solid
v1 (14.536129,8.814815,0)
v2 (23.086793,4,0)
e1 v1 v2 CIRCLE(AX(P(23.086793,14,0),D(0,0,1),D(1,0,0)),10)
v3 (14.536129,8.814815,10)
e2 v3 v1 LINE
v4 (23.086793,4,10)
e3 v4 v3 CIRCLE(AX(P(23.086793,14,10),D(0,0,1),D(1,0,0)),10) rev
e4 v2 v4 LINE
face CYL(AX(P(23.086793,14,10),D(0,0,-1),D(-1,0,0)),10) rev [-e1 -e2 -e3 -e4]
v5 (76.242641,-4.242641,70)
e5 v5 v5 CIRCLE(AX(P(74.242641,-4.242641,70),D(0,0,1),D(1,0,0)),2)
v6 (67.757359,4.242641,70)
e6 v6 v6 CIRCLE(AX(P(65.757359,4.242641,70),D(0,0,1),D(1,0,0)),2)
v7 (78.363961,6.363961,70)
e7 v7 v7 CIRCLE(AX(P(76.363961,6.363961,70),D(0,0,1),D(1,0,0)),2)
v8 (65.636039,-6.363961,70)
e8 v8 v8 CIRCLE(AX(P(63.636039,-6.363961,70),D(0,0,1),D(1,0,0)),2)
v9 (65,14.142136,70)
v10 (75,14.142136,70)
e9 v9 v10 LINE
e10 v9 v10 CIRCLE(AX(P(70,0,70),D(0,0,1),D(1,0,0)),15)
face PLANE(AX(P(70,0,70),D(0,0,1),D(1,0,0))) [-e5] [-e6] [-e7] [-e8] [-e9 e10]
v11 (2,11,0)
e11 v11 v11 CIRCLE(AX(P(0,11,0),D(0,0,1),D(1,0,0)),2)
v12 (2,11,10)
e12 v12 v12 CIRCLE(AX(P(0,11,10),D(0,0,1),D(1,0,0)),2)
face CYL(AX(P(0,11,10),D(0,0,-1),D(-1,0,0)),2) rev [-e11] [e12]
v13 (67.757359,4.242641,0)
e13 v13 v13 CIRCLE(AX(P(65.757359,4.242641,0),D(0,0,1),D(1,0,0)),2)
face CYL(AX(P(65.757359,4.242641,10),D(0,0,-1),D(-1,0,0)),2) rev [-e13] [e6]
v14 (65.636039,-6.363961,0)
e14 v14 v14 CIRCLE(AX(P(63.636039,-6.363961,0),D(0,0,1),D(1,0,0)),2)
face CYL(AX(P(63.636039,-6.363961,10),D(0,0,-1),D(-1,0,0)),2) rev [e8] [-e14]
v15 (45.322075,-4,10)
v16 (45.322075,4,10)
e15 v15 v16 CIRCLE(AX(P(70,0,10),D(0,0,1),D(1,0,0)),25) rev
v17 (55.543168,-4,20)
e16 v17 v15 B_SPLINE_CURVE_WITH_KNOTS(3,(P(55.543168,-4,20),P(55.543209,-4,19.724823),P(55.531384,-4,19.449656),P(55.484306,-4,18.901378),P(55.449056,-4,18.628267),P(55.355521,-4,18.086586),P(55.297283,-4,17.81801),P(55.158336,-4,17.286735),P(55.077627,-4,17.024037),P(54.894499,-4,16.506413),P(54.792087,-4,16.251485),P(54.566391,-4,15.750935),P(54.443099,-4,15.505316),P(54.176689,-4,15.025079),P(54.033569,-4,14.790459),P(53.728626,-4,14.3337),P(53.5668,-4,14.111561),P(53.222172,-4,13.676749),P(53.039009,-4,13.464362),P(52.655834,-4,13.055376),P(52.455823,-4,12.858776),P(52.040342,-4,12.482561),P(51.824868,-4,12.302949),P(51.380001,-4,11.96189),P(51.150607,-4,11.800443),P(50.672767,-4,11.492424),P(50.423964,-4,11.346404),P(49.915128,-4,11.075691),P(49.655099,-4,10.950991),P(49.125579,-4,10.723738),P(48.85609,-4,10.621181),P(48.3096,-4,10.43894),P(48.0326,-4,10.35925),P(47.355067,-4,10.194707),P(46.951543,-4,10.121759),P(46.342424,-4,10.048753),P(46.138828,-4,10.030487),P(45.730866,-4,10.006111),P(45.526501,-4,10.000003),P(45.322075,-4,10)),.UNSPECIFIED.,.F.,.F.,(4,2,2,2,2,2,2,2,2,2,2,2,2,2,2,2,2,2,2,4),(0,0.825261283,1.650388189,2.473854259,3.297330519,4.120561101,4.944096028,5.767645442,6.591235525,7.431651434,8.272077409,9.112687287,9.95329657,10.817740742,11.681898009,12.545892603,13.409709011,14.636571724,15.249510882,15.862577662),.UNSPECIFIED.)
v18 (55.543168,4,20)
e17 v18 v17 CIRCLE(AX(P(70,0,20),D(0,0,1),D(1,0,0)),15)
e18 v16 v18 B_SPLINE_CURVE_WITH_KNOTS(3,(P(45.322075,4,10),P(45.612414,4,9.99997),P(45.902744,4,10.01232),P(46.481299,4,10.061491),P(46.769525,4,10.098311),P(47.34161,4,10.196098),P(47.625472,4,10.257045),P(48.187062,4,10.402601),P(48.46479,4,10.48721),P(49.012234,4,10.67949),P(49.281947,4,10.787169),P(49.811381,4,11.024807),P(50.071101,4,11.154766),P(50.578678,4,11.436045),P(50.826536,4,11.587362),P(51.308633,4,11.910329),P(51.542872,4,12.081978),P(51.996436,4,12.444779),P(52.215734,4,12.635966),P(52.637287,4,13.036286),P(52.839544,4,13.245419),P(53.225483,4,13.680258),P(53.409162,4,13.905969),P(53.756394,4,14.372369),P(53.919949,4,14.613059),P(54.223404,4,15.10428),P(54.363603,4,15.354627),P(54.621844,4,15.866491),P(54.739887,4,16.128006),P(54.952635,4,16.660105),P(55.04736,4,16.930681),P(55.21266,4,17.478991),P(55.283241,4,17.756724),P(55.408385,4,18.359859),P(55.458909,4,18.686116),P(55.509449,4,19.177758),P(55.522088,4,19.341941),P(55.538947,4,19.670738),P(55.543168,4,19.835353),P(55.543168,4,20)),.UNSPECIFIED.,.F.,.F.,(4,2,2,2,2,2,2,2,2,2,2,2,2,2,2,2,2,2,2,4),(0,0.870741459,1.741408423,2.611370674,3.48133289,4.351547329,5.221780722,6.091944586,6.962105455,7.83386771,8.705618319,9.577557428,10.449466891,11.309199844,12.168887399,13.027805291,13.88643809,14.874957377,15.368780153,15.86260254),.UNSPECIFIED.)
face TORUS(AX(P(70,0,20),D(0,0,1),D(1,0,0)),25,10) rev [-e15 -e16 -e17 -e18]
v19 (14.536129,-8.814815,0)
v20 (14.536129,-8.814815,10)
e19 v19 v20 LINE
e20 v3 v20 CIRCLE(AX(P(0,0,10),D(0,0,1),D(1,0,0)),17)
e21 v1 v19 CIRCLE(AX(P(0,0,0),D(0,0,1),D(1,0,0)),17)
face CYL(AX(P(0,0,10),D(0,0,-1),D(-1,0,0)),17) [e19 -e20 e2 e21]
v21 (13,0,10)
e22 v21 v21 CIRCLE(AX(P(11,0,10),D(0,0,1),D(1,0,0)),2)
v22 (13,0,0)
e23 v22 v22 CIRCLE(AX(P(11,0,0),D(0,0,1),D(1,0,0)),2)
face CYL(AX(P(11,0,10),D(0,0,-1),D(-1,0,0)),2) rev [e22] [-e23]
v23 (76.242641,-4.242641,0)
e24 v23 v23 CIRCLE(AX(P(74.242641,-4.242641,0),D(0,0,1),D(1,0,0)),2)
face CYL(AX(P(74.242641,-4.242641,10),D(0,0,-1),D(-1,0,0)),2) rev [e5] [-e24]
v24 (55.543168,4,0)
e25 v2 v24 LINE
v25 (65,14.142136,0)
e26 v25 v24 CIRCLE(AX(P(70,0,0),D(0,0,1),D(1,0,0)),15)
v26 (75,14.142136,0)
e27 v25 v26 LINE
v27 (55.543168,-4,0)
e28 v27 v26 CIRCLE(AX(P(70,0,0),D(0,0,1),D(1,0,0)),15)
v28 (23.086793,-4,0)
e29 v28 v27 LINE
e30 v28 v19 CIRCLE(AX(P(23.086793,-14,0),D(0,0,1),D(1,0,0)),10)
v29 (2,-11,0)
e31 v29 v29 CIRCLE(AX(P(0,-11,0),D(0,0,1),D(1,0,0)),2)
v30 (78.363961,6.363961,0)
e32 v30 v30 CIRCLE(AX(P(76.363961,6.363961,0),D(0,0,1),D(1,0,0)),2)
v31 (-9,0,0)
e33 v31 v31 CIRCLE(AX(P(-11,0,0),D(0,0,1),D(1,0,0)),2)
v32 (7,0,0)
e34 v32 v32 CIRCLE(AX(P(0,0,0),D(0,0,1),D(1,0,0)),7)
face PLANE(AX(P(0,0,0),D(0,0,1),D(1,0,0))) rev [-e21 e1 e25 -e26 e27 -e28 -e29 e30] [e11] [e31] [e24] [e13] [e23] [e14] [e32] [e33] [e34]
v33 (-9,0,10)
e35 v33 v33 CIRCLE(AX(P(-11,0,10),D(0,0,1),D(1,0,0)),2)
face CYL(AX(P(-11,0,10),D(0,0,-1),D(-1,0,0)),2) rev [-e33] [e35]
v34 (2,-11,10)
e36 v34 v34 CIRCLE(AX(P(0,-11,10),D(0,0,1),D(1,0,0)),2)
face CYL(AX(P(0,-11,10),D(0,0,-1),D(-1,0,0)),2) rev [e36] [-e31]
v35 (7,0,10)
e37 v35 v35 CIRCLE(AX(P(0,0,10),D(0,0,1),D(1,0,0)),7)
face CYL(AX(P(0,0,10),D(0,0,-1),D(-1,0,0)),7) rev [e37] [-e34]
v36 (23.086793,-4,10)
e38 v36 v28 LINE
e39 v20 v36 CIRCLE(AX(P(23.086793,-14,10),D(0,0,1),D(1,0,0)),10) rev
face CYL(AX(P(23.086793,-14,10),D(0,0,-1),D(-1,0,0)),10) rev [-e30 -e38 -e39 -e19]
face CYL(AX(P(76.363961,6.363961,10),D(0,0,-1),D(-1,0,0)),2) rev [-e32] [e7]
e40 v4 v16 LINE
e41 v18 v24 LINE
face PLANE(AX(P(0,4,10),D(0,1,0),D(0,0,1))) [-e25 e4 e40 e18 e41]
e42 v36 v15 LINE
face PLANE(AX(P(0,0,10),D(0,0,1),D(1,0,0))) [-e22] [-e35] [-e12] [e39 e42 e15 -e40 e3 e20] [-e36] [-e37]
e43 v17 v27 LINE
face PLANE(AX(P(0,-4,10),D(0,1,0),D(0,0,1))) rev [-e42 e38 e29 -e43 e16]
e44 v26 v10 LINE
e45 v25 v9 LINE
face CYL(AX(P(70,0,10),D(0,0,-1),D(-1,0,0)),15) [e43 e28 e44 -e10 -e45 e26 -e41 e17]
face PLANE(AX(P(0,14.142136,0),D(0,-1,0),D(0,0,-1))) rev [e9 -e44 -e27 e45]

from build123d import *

# Parameters (mm, degrees)
SKETCH1_R           = 1.9999999999999996
SKETCH1_R_2         = 2
SKETCH1_R_3         = 7
SKETCH1_R_4         = 1.9999999999999967
BOSS_EXTRUDE1_DEPTH = 10
SKETCH2_R           = 15.000000000000057
SKETCH2_R_2         = 1.9999999999999967
BOSS_EXTRUDE2_DEPTH = 60
CUT_EXTRUDE1_DEPTH  = 112.41813137905342
FILLET1_R           = 10
FILLET2_R           = 10


with BuildPart() as part:
    # Sketch1 → Boss-Extrude1 (new body)
    with BuildSketch(Plane.XY):
        with BuildLine():
            Line((55.54316770519905, 4), (16.522711641858304, 4))
            ThreePointArc((16.522711641858304, 4), (-17, -5.47e-15), (16.522711641858304, -3.9999999999999996))
            Line((16.522711641858304, -4), (55.54316770519905, -4))
            ThreePointArc((55.54316770519898, -4.000000000000017), (85.00000000000006, 0), (55.54316770519898, 4.0000000000000195))
        make_face()
        with Locations((11, 1.73e-15)):
            Circle(SKETCH1_R, mode=Mode.SUBTRACT)
        with Locations((0, 11)):
            Circle(SKETCH1_R_2, mode=Mode.SUBTRACT)
        with Locations((8.7e-16, -11)):
            Circle(SKETCH1_R_2, mode=Mode.SUBTRACT)
        with Locations((-11, -2.6e-15)):
            Circle(SKETCH1_R, mode=Mode.SUBTRACT)
        Circle(SKETCH1_R_3, mode=Mode.SUBTRACT)
        with Locations((76.36396103067892, 6.363961030678928)):
            Circle(SKETCH1_R_4, mode=Mode.SUBTRACT)
        with Locations((63.636038969321085, -6.363961030678926)):
            Circle(SKETCH1_R_4, mode=Mode.SUBTRACT)
        with Locations((74.24264068711929, -4.242640687119276)):
            Circle(SKETCH1_R_4, mode=Mode.SUBTRACT)
        with Locations((65.75735931288074, 4.242640687119292)):
            Circle(SKETCH1_R_4, mode=Mode.SUBTRACT)
    extrude(amount=BOSS_EXTRUDE1_DEPTH)

    # Sketch2 → Boss-Extrude2 (add)
    with BuildSketch(Plane.XY.offset(10)):
        with Locations(Location((70, 0, 0), (0, 0, 164.533990047))):
            Circle(SKETCH2_R)
        with Locations((63.636038969321085, -6.363961030678926)):
            Circle(SKETCH2_R_2, mode=Mode.SUBTRACT)
        with Locations((74.24264068711929, -4.242640687119276)):
            Circle(SKETCH2_R_2, mode=Mode.SUBTRACT)
        with Locations((76.36396103067892, 6.363961030678928)):
            Circle(SKETCH2_R_2, mode=Mode.SUBTRACT)
        with Locations((65.75735931288074, 4.242640687119292)):
            Circle(SKETCH2_R_2, mode=Mode.SUBTRACT)
    extrude(amount=BOSS_EXTRUDE2_DEPTH)

    # Sketch3 → Cut-Extrude1 (cut, through all)
    with BuildSketch(Plane.XY.offset(69.99999999999999)):
        with BuildLine():
            ThreePointArc((74.99999999999999, 14.142135623731015), (70, 15.000000000000057), (65, 14.142135623731011))
            Line((65, 14.142135623731008), (74.99999999999999, 14.142135623731008))
        make_face()
    extrude(amount=-CUT_EXTRUDE1_DEPTH, mode=Mode.SUBTRACT)

    # Fillet1
    fillet1_edges = [part.edges().sort_by_distance(p)[0] for p in [
        (54.99999999999994, -5.50493e-11, 10),
    ]]
    fillet(fillet1_edges, radius=FILLET1_R)

    # Fillet2
    fillet2_edges = [part.edges().sort_by_distance(p)[0] for p in [
        (16.522711641858304, 4, 5),
        (16.522711641858308, -4.000000000000004, 5),
    ]]
    fillet(fillet2_edges, radius=FILLET2_R)


solid = part.part
